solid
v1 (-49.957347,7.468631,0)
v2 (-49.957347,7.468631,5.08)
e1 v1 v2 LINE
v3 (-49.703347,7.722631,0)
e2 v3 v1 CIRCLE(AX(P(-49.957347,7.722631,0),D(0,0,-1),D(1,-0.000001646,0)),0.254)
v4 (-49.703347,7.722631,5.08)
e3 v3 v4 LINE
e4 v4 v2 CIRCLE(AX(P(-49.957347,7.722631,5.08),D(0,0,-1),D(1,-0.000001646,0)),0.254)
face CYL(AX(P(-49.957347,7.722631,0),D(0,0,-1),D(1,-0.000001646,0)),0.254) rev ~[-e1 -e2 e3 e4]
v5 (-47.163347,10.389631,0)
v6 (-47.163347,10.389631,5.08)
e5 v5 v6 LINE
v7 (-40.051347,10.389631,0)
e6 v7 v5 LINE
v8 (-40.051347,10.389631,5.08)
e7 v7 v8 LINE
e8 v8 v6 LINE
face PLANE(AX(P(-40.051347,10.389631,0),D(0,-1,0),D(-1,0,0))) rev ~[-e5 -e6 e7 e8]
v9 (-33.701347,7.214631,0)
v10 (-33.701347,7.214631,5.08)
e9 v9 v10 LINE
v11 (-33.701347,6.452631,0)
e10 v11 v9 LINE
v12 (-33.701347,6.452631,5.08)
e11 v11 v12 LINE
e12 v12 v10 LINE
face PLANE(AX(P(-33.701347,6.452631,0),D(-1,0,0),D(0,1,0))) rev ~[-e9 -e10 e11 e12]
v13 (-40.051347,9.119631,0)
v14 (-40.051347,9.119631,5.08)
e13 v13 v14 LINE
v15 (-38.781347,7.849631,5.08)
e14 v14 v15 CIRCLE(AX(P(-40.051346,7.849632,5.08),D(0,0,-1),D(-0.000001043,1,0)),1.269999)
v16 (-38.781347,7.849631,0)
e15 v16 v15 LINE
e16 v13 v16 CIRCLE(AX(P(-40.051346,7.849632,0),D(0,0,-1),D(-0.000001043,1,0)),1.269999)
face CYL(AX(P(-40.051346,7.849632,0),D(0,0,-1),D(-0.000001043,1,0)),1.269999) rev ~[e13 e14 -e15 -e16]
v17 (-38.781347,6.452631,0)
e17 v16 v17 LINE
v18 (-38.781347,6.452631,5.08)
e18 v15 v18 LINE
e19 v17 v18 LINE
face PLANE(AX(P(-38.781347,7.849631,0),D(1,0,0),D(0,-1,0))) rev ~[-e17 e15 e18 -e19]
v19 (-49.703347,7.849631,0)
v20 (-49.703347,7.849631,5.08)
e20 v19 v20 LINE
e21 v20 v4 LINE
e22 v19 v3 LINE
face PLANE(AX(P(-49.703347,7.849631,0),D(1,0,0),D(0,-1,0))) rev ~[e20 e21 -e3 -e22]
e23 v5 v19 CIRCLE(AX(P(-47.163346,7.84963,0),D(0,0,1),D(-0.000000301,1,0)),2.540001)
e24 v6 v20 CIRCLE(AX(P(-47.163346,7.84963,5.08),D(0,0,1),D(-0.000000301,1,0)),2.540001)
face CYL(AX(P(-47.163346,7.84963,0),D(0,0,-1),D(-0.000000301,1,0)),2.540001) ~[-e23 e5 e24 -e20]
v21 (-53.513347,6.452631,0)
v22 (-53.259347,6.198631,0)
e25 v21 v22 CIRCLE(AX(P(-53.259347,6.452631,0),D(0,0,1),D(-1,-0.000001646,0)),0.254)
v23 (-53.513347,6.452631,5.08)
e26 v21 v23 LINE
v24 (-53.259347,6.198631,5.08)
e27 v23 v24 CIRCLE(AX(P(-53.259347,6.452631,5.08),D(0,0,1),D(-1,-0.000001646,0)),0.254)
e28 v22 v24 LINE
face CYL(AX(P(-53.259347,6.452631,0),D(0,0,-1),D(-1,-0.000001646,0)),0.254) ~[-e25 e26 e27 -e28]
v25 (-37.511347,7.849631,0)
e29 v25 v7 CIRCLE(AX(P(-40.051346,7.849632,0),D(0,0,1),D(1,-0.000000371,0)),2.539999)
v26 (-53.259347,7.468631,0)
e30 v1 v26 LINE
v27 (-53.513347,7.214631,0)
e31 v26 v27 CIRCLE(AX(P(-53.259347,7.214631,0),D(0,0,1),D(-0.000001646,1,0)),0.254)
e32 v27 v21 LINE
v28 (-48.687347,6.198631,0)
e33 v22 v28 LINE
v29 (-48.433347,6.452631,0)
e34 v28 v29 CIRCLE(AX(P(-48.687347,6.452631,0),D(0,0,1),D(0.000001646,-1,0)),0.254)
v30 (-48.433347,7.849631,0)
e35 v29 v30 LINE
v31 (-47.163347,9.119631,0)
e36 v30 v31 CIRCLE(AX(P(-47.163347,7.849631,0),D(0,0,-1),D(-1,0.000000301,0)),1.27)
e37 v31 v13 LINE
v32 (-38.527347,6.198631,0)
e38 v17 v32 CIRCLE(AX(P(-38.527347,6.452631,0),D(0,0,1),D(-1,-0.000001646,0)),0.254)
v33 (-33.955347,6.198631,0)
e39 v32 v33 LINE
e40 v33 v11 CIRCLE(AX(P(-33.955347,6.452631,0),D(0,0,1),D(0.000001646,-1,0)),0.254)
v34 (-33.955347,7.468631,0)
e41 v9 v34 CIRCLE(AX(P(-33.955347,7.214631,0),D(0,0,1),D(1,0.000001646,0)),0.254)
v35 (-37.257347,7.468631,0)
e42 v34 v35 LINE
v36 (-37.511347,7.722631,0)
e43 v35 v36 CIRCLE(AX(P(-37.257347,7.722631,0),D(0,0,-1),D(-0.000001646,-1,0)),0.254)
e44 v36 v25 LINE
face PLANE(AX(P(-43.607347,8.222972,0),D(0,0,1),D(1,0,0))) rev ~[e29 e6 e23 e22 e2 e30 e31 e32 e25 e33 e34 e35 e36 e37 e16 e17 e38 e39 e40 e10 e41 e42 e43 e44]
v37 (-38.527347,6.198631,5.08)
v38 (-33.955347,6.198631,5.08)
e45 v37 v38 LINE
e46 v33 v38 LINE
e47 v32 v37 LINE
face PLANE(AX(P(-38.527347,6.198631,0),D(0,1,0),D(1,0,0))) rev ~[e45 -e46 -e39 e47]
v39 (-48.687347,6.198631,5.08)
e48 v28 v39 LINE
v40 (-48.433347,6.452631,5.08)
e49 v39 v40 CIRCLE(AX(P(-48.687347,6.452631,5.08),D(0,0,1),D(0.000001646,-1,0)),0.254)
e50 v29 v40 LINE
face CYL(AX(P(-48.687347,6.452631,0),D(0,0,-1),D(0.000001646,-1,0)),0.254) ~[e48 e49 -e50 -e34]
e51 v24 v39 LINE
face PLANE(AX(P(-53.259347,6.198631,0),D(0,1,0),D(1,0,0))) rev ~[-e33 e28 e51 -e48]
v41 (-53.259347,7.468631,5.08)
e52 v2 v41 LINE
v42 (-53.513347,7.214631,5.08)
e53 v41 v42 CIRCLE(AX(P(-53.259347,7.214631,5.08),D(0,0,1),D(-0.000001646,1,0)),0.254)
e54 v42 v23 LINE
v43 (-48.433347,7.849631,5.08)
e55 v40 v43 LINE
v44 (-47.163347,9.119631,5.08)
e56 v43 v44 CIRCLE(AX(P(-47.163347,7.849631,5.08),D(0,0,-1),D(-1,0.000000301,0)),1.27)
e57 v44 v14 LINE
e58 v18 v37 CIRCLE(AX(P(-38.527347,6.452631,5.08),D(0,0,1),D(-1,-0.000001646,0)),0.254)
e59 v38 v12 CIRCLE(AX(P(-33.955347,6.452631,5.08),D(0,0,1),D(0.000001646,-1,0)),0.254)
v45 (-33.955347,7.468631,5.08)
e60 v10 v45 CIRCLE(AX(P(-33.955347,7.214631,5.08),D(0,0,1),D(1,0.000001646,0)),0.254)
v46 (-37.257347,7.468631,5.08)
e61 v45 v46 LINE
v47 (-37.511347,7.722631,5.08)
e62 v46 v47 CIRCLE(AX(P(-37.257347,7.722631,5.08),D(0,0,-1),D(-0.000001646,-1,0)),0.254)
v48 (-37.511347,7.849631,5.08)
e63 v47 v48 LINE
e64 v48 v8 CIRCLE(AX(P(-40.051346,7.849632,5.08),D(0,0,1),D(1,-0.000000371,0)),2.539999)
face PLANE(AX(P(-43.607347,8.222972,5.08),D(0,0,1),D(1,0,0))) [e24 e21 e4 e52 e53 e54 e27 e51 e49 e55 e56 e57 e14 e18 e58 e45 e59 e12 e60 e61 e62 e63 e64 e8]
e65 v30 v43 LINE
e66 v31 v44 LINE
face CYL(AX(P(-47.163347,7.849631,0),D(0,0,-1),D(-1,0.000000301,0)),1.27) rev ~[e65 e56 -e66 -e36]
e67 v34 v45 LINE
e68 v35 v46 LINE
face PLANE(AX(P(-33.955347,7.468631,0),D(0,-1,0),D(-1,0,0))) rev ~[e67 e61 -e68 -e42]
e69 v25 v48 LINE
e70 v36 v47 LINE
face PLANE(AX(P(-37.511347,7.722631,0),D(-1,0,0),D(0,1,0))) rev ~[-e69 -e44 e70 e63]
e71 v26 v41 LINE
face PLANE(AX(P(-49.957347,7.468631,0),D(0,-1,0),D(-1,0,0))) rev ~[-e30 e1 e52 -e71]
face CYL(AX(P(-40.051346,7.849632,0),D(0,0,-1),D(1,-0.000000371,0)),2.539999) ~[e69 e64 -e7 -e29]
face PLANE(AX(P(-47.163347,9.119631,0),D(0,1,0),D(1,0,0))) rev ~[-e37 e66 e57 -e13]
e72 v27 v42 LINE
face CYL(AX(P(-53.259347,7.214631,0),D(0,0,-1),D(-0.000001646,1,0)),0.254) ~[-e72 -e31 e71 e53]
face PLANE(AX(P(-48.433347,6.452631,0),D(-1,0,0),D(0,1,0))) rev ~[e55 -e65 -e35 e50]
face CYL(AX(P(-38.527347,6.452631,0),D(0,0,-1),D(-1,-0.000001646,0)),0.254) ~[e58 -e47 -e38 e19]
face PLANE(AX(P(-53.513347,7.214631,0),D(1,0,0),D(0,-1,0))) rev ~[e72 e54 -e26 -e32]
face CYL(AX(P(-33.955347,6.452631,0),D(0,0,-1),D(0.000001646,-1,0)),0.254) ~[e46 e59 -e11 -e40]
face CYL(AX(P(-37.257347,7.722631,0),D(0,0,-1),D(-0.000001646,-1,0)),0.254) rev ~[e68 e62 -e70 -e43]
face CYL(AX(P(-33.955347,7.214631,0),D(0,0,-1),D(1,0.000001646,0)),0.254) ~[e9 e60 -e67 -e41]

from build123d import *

# Parameters (mm, degrees)
F1_DEPTH = 5.08


with BuildPart() as f1:
    # F0 (on Top) → F1 (new body)
    with BuildSketch(Plane.XY):
        with BuildLine():
            ThreePointArc((-48.433347, 7.849631), (-48.061372, 8.747657), (-47.163347, 9.119631))
            Line((-47.163347, 9.119631), (-40.051347, 9.119631))
            ThreePointArc((-40.051347, 9.119631), (-39.153321, 8.747657), (-38.781347, 7.849631))
            Line((-38.781347, 7.849631), (-38.781347, 6.452631))
            ThreePointArc((-38.781347, 6.452631), (-38.706952, 6.273026), (-38.527347, 6.198631))
            Line((-38.527347, 6.198631), (-33.955347, 6.198631))
            ThreePointArc((-33.955347, 6.198631), (-33.775742, 6.273026), (-33.701347, 6.452631))
            Line((-33.701347, 6.452631), (-33.701347, 7.214631))
            ThreePointArc((-33.701347, 7.214631), (-33.775742, 7.394236), (-33.955347, 7.468631))
            Line((-33.955347, 7.468631), (-37.257347, 7.468631))
            ThreePointArc((-37.257347, 7.468631), (-37.436952, 7.543026), (-37.511347, 7.722631))
            Line((-37.511347, 7.722631), (-37.511347, 7.849631))
            ThreePointArc((-37.511347, 7.849631), (-38.255295, 9.645682), (-40.051347, 10.389631))
            Line((-40.051347, 10.389631), (-47.163347, 10.389631))
            ThreePointArc((-47.163347, 10.389631), (-48.959398, 9.645682), (-49.703347, 7.849631))
            Line((-49.703347, 7.849631), (-49.703347, 7.722631))
            ThreePointArc((-49.703347, 7.722631), (-49.777742, 7.543026), (-49.957347, 7.468631))
            Line((-49.957347, 7.468631), (-53.259347, 7.468631))
            ThreePointArc((-53.259347, 7.468631), (-53.438952, 7.394236), (-53.513347, 7.214631))
            Line((-53.513347, 7.214631), (-53.513347, 6.452631))
            ThreePointArc((-53.513347, 6.452631), (-53.438952, 6.273026), (-53.259347, 6.198631))
            Line((-53.259347, 6.198631), (-48.687347, 6.198631))
            ThreePointArc((-48.687347, 6.198631), (-48.507742, 6.273026), (-48.433347, 6.452631))
            Line((-48.433347, 6.452631), (-48.433347, 7.849631))
        make_face()
    extrude(amount=F1_DEPTH)


solid = f1.part
